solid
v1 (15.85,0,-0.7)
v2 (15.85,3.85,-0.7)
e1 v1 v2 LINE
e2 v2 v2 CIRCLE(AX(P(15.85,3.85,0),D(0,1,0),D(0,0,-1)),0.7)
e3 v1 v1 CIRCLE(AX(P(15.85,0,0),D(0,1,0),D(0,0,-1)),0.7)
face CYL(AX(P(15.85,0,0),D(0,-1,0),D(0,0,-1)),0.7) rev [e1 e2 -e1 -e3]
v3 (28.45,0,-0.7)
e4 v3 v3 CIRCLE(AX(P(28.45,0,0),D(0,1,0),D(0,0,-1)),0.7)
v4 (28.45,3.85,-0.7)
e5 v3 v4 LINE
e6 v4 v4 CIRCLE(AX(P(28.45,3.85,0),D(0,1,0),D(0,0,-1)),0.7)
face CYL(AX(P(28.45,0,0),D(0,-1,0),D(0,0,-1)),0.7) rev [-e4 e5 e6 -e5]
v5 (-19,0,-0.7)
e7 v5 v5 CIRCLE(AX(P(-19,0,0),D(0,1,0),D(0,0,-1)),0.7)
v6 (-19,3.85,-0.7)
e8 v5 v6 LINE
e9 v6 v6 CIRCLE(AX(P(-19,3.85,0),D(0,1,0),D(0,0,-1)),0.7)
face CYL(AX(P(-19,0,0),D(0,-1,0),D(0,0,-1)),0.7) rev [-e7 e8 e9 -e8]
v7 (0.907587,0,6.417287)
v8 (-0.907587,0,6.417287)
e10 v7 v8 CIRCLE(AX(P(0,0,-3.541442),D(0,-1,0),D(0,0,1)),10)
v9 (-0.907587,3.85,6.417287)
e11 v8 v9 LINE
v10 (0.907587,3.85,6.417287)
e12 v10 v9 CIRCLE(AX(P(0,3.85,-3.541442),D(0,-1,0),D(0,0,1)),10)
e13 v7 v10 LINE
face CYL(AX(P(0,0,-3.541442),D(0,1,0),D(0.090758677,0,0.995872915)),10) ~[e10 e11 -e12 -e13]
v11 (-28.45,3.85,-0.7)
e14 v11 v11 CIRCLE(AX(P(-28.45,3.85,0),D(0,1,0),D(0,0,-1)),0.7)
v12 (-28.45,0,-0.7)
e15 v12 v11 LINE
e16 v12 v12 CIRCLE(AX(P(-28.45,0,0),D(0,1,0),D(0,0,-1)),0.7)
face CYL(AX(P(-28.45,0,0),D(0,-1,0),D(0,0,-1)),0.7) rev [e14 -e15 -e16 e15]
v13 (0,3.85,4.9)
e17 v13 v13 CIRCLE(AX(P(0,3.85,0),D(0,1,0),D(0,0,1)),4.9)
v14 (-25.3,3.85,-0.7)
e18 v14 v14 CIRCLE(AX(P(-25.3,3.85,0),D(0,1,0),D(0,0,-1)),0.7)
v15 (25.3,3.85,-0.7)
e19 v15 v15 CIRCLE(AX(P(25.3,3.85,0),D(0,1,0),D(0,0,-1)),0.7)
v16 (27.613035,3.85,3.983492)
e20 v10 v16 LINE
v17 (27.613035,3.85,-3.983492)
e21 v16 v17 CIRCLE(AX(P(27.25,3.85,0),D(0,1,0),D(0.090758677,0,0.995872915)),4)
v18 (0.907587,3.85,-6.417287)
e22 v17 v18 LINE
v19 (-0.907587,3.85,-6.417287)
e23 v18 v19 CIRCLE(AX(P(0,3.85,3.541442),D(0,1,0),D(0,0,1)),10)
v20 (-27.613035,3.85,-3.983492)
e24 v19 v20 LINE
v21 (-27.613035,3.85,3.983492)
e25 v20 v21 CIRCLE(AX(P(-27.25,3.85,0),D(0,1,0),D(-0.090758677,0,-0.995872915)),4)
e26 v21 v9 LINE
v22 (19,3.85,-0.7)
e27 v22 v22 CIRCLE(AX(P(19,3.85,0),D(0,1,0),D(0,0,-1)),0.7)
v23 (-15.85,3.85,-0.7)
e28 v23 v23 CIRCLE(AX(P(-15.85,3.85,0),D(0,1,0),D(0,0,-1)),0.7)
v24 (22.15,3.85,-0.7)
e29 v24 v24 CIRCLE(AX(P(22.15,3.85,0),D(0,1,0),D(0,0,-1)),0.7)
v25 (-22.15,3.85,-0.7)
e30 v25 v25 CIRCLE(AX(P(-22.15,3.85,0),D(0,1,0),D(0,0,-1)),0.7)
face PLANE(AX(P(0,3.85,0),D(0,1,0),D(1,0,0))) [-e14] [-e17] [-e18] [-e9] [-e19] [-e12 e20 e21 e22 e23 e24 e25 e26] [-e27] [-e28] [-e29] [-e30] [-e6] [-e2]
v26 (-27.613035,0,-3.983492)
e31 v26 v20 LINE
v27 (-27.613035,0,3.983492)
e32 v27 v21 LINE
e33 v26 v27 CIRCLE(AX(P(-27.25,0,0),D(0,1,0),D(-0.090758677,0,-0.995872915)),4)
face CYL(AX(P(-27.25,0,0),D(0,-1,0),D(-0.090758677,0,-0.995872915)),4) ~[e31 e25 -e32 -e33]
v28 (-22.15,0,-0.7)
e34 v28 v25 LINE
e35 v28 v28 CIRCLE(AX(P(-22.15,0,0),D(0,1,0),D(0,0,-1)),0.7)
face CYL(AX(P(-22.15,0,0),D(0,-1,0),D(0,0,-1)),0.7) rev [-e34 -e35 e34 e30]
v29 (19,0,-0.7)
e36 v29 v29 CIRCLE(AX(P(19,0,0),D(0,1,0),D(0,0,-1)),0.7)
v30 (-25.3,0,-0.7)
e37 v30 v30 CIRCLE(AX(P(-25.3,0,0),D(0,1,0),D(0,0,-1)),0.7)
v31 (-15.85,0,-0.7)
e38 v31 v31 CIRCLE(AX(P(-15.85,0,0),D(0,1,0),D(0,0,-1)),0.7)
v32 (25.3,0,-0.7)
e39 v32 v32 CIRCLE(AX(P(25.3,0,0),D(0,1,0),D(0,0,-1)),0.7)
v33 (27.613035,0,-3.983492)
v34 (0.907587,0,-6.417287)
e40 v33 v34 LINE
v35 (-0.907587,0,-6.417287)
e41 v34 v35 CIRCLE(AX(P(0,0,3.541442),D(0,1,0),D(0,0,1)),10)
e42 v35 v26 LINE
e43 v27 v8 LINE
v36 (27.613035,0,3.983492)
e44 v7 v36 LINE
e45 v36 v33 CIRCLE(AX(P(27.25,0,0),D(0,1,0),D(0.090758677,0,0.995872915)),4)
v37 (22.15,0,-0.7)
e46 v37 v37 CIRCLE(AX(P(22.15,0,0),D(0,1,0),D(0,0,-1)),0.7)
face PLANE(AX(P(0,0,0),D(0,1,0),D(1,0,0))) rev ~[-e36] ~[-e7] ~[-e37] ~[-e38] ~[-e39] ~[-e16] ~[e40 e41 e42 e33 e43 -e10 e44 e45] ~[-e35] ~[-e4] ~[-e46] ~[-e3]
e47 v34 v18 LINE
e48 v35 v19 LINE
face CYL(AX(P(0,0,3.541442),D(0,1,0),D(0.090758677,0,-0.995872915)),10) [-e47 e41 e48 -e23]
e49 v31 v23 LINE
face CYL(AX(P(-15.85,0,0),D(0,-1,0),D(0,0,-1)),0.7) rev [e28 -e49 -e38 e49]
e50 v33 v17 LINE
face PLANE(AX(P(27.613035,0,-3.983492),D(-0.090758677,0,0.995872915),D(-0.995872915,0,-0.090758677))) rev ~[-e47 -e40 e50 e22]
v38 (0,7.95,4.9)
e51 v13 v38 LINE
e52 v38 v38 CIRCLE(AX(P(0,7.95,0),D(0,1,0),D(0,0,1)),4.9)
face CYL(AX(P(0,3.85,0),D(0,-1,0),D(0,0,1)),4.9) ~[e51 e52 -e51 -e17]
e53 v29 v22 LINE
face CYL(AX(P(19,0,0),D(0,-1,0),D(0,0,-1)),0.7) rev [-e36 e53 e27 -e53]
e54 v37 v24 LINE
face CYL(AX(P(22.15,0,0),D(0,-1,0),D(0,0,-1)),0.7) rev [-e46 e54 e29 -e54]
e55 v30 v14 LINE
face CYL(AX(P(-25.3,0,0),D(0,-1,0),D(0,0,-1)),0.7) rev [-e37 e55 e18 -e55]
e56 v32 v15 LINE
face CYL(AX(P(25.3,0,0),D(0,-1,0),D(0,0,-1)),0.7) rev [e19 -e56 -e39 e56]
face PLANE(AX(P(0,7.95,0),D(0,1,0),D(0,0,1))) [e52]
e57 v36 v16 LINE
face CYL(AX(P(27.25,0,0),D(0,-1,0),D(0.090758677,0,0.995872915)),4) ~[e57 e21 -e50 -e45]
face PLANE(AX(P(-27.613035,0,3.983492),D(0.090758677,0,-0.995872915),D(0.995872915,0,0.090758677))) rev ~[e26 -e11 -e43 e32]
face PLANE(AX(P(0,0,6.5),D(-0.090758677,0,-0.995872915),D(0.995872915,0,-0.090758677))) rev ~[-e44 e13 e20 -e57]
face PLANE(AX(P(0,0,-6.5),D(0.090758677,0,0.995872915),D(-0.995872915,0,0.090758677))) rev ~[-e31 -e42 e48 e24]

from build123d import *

# Parameters (mm, degrees)
SKETCH1_R           = 0.7
BOSS_EXTRUDE1_DEPTH = 3.85
FILLET1_R           = 10
SKETCH2_R           = 4.9
BOSS_EXTRUDE2_DEPTH = 4.1


with BuildPart() as part:
    # Sketch1 → Boss-Extrude1 (new body)
    with BuildSketch(Plane(origin=(0, 0, 0), x_dir=(1, 0, 0), z_dir=(0, 1, 0))):
        with BuildLine():
            Line((27.613034708, 3.983491659), (0, 6.5))
            Line((0, 6.5), (-27.613034708, 3.983491659))
            ThreePointArc((-27.613034708, 3.983491659), (-31.25, 0), (-27.613034708, -3.983491659))
            Line((-27.613034708, -3.983491659), (0, -6.5))
            Line((0, -6.5), (27.613034708, -3.983491659))
            ThreePointArc((27.613034708, -3.983491659), (31.25, 0), (27.613034708, 3.983491659))
        make_face()
        with Locations(Location((28.45, 0, 0), (0, 0, 90))):
            Circle(SKETCH1_R, mode=Mode.SUBTRACT)
        with Locations(Location((25.3, 0, 0), (0, 0, 90))):
            Circle(SKETCH1_R, mode=Mode.SUBTRACT)
        with Locations(Location((22.15, 0, 0), (0, 0, 90))):
            Circle(SKETCH1_R, mode=Mode.SUBTRACT)
        with Locations(Location((19, 0, 0), (0, 0, 90))):
            Circle(SKETCH1_R, mode=Mode.SUBTRACT)
        with Locations(Location((15.85, 0, 0), (0, 0, 90))):
            Circle(SKETCH1_R, mode=Mode.SUBTRACT)
        with Locations(Location((-15.85, 0, 0), (0, 0, 90))):
            Circle(SKETCH1_R, mode=Mode.SUBTRACT)
        with Locations(Location((-19, 0, 0), (0, 0, 90))):
            Circle(SKETCH1_R, mode=Mode.SUBTRACT)
        with Locations(Location((-22.15, 0, 0), (0, 0, 90))):
            Circle(SKETCH1_R, mode=Mode.SUBTRACT)
        with Locations(Location((-25.3, 0, 0), (0, 0, 90))):
            Circle(SKETCH1_R, mode=Mode.SUBTRACT)
        with Locations(Location((-28.45, 0, 0), (0, 0, 90))):
            Circle(SKETCH1_R, mode=Mode.SUBTRACT)
    extrude(amount=BOSS_EXTRUDE1_DEPTH)

    # Fillet1
    fillet1_edges = [part.edges().sort_by_distance(p)[0] for p in [
        (0, 1.925, 6.5),
        (0, 1.925, -6.5),
    ]]
    fillet(fillet1_edges, radius=FILLET1_R)

    # Sketch2 → Boss-Extrude2 (add)
    with BuildSketch(Plane(origin=(0, 3.85, 0), x_dir=(1, 0, 0), z_dir=(0, 1, 0))):
        with Locations(Location((0, 0, 0), (0, 0, 270))):
            Circle(SKETCH2_R)
    extrude(amount=BOSS_EXTRUDE2_DEPTH)


solid = part.part
